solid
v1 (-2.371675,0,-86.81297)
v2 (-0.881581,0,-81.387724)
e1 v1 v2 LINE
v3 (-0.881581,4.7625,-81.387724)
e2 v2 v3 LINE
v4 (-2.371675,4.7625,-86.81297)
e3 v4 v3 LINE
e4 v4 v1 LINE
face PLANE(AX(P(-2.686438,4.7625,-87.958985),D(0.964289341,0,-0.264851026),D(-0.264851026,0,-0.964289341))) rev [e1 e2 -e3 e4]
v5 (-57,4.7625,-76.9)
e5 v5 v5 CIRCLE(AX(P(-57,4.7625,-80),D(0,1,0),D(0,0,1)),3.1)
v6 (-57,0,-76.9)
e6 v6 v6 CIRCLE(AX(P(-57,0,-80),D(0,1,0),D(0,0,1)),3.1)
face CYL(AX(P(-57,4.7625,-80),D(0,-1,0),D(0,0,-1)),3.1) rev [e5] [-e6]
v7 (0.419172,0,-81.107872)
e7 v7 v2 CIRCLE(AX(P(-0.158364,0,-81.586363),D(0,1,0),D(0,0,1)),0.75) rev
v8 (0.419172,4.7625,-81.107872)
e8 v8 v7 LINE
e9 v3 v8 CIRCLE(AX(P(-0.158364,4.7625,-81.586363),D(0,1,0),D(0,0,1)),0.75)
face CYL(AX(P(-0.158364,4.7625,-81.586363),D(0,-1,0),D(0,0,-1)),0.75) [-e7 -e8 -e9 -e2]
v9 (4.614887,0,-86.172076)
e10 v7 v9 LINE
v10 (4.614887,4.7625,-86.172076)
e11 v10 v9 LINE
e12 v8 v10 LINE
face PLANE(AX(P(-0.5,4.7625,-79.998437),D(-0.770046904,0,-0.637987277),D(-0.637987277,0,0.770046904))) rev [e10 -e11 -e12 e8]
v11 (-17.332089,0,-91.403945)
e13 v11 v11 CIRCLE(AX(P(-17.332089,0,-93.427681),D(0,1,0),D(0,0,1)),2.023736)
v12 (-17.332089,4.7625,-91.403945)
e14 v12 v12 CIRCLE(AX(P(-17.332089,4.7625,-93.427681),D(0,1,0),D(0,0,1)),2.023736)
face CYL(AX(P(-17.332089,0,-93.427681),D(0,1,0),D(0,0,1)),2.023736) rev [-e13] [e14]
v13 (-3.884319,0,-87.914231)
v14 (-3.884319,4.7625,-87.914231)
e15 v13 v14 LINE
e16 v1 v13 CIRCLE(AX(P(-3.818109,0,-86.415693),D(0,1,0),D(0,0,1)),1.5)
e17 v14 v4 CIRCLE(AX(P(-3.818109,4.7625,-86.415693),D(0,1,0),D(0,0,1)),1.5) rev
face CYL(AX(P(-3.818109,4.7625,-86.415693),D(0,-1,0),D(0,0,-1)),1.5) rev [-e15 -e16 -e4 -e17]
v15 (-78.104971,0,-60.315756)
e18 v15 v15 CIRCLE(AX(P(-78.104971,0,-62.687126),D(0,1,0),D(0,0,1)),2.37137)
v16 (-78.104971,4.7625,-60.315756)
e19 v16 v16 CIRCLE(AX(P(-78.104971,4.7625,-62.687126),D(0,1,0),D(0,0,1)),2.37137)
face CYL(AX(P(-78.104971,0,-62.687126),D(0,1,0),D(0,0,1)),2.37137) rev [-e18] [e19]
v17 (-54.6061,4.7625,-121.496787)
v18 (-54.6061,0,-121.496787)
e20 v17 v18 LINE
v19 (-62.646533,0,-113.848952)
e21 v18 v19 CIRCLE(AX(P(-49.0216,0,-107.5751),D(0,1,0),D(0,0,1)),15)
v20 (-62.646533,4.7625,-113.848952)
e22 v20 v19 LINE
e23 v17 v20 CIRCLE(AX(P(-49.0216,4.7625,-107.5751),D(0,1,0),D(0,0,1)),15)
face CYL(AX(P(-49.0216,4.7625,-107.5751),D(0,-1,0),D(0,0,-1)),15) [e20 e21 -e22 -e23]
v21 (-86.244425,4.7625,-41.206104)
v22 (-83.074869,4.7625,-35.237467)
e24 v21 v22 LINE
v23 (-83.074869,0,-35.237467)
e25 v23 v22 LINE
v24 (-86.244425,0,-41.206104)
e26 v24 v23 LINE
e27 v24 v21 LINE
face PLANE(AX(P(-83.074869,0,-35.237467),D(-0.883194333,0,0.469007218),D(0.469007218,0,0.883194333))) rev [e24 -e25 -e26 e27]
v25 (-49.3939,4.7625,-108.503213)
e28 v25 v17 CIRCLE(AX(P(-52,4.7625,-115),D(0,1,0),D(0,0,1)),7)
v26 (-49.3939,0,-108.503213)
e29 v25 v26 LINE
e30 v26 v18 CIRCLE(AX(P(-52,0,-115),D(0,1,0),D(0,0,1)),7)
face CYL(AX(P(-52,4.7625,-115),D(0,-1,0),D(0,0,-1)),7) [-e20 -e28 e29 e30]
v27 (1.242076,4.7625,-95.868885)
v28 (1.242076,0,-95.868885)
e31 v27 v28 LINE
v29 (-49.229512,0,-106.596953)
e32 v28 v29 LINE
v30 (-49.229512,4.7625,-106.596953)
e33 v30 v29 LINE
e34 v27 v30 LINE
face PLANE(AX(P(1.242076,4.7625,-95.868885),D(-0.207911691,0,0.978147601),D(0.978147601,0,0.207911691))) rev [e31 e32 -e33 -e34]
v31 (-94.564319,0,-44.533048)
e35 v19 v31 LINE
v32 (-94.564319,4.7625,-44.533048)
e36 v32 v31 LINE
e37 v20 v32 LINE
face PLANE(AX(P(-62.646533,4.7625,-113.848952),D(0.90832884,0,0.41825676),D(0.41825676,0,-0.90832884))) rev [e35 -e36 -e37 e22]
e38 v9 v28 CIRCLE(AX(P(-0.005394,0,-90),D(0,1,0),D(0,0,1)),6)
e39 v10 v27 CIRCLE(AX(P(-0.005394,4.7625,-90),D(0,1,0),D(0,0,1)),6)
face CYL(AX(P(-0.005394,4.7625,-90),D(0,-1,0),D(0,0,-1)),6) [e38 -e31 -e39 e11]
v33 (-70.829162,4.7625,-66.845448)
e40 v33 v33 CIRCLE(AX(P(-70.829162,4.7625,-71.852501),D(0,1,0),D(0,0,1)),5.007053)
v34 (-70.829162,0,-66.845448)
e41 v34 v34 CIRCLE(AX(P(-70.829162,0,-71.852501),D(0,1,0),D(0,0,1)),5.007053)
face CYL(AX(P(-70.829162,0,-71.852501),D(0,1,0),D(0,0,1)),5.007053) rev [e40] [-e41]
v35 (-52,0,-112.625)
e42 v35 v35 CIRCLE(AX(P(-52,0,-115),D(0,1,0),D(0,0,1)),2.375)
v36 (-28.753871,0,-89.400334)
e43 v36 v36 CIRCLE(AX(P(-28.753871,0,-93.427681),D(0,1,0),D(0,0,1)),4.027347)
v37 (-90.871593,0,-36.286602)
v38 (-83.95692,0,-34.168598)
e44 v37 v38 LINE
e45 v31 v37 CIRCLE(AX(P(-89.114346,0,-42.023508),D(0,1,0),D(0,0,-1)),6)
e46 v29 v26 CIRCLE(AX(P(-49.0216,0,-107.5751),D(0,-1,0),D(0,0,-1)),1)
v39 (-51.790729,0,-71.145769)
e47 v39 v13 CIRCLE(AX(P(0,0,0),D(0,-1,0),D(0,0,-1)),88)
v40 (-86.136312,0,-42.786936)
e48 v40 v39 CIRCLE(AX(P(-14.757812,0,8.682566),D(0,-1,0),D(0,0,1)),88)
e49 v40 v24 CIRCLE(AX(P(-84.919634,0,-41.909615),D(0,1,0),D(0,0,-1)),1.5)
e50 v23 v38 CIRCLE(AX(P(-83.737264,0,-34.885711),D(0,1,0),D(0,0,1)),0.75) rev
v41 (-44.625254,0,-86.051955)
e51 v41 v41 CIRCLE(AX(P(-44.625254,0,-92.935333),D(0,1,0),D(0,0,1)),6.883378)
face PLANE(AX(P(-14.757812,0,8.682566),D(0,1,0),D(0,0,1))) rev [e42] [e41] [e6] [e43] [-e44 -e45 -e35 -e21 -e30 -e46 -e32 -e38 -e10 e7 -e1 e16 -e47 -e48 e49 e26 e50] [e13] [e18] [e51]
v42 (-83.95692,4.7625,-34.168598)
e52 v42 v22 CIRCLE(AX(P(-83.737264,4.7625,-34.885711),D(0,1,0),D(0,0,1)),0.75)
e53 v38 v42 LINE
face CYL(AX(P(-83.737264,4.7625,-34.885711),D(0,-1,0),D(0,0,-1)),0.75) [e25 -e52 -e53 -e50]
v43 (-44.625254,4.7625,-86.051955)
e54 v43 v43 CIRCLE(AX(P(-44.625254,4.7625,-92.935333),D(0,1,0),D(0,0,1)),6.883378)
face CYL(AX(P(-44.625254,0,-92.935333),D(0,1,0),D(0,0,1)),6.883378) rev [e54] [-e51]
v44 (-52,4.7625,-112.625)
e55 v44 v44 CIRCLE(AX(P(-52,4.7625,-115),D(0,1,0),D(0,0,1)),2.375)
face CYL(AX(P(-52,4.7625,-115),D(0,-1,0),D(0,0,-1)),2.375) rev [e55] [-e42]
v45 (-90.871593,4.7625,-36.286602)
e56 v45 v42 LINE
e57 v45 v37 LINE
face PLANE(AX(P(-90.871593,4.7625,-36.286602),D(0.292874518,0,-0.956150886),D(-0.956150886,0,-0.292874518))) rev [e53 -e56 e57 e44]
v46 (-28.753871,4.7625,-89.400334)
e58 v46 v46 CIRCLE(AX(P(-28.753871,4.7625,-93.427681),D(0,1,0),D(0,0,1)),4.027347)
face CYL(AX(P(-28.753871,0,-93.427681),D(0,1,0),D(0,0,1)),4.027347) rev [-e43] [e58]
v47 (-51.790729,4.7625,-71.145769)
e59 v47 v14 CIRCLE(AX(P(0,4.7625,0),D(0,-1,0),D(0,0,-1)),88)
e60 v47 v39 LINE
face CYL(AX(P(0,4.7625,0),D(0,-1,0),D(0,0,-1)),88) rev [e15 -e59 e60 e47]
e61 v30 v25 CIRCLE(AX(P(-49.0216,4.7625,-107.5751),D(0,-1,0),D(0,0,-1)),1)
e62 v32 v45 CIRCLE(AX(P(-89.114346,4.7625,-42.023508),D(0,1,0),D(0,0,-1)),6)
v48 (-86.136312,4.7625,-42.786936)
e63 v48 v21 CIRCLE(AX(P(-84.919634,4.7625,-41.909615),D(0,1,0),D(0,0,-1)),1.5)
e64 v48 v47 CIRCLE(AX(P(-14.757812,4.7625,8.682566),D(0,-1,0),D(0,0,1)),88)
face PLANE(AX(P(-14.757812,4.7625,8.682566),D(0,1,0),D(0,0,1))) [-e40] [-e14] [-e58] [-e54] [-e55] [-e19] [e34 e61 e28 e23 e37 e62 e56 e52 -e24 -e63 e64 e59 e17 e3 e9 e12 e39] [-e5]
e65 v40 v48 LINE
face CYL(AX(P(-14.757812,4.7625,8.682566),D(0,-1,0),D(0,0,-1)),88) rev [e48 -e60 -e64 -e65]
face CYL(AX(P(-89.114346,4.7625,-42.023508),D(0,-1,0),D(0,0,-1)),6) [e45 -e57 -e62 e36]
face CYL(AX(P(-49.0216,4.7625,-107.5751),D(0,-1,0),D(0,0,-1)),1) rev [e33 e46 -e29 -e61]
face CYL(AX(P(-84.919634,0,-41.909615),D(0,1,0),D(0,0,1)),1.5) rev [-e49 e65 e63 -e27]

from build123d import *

# Parameters (mm, degrees)
SKETCH1_R           = 3.1
SKETCH1_R_2         = 2.375
BOSS_EXTRUDE1_DEPTH = 4.7625
FILLET1_R           = 0.75
FILLET2_R           = 1.5
CUT_EXTRUDE1_DEPTH  = 5.7625
SKETCH3_R           = 6.883378158
SKETCH3_R_2         = 4.027347077
SKETCH3_R_3         = 2.023736097
SKETCH3_R_4         = 5.007052744
SKETCH3_R_5         = 2.371370049
CUT_EXTRUDE2_DEPTH  = 5.7625


with BuildPart() as part:
    # Sketch1 → Boss-Extrude1 (new body)
    with BuildSketch(Plane(origin=(0, 0, 0), x_dir=(1, 0, 0), z_dir=(0, 1, 0))):
        with BuildLine():
            Line((-2.686438344, 87.958985039), (-0.5, 79.998437485))
            Line((-0.5, 79.998437485), (4.614887054, 86.172076174))
            ThreePointArc((4.614887054, 86.172076174), (5.661584951, 91.971127787), (1.242075777, 95.868885443))
            Line((1.242075777, 95.868885443), (-49.229512188, 106.596952642))
            ThreePointArc((-49.229512188, 106.596952642), (-50.017902784, 107.489183117), (-49.393900435, 108.503212713))
            ThreePointArc((-49.393900435, 108.503212713), (-45.503212713, 117.606099565), (-54.606099565, 121.496787287))
            ThreePointArc((-54.606099565, 121.496787287), (-59.359536161, 118.443728777), (-62.646533103, 113.84895165))
            Line((-62.646533103, 113.84895165), (-94.564318795, 44.533048109))
            ThreePointArc((-94.564318795, 44.533048109), (-94.590381999, 39.571360115), (-90.871592859, 36.28660223))
            Line((-90.871592859, 36.28660223), (-82.579358815, 33.74664323))
            Line((-82.579358815, 33.74664323), (-85.704155619, 43.38101369))
            ThreePointArc((-85.704155619, 43.38101369), (-70.503668965, 59.408545121), (-51.790728612, 71.145768882))
            ThreePointArc((-51.790728612, 71.145768882), (-28.506341212, 83.254960878), (-2.686438344, 87.958985039))
        make_face()
        with Locations((-57, 80)):
            Circle(SKETCH1_R, mode=Mode.SUBTRACT)
        with Locations((-52, 115)):
            Circle(SKETCH1_R_2, mode=Mode.SUBTRACT)
    extrude(amount=BOSS_EXTRUDE1_DEPTH)

    # Fillet1
    fillet1_edges = [part.edges().sort_by_distance(p)[0] for p in [
        (-82.579358815, 2.38125, -33.74664323),
        (-0.5, 2.38125, -79.998437485),
    ]]
    fillet(fillet1_edges, radius=FILLET1_R)

    # Fillet2
    fillet2_edges = [part.edges().sort_by_distance(p)[0] for p in [
        (-85.704155619, 2.38125, -43.38101369),
        (-2.686438344, 2.38125, -87.958985039),
    ]]
    fillet(fillet2_edges, radius=FILLET2_R)

    # Sketch2 → Cut-Extrude1 (cut, through all)
    with BuildSketch(Plane(origin=(0, 4.7625, 0), x_dir=(1, 0, 0), z_dir=(0, 1, 0))):
        with BuildLine():
            Line((-83.074868749, 35.237466844), (-86.244425002, 41.206104458))
            ThreePointArc((-86.244425002, 41.206104458), (-86.416137903, 42.011960676), (-86.136312483, 42.786936353))
            ThreePointArc((-86.136312483, 42.786936353), (-85.690987138, 43.398953447), (-85.240414354, 44.007117694))
            Line((-85.240414354, 44.007117694), (-83.023850343, 35.117099074))
            ThreePointArc((-83.023850343, 35.117099074), (-83.046731861, 35.178396715), (-83.074868749, 35.237466844))
        make_face()
    extrude(amount=-CUT_EXTRUDE1_DEPTH, mode=Mode.SUBTRACT)

    # Sketch3 → Cut-Extrude2 (cut, through all)
    with BuildSketch(Plane(origin=(0, 4.7625, 0), x_dir=(1, 0, 0), z_dir=(0, 1, 0))):
        with Locations((-44.625253906, 92.935332876)):
            Circle(SKETCH3_R)
        with Locations((-28.753871163, 93.427681096)):
            Circle(SKETCH3_R_2)
        with Locations((-17.332089479, 93.427681096)):
            Circle(SKETCH3_R_3)
        with Locations((-70.829162085, 71.852500768)):
            Circle(SKETCH3_R_4)
        with Locations((-78.10497123, 62.687125815)):
            Circle(SKETCH3_R_5)
    extrude(amount=-CUT_EXTRUDE2_DEPTH, mode=Mode.SUBTRACT)


solid = part.part
